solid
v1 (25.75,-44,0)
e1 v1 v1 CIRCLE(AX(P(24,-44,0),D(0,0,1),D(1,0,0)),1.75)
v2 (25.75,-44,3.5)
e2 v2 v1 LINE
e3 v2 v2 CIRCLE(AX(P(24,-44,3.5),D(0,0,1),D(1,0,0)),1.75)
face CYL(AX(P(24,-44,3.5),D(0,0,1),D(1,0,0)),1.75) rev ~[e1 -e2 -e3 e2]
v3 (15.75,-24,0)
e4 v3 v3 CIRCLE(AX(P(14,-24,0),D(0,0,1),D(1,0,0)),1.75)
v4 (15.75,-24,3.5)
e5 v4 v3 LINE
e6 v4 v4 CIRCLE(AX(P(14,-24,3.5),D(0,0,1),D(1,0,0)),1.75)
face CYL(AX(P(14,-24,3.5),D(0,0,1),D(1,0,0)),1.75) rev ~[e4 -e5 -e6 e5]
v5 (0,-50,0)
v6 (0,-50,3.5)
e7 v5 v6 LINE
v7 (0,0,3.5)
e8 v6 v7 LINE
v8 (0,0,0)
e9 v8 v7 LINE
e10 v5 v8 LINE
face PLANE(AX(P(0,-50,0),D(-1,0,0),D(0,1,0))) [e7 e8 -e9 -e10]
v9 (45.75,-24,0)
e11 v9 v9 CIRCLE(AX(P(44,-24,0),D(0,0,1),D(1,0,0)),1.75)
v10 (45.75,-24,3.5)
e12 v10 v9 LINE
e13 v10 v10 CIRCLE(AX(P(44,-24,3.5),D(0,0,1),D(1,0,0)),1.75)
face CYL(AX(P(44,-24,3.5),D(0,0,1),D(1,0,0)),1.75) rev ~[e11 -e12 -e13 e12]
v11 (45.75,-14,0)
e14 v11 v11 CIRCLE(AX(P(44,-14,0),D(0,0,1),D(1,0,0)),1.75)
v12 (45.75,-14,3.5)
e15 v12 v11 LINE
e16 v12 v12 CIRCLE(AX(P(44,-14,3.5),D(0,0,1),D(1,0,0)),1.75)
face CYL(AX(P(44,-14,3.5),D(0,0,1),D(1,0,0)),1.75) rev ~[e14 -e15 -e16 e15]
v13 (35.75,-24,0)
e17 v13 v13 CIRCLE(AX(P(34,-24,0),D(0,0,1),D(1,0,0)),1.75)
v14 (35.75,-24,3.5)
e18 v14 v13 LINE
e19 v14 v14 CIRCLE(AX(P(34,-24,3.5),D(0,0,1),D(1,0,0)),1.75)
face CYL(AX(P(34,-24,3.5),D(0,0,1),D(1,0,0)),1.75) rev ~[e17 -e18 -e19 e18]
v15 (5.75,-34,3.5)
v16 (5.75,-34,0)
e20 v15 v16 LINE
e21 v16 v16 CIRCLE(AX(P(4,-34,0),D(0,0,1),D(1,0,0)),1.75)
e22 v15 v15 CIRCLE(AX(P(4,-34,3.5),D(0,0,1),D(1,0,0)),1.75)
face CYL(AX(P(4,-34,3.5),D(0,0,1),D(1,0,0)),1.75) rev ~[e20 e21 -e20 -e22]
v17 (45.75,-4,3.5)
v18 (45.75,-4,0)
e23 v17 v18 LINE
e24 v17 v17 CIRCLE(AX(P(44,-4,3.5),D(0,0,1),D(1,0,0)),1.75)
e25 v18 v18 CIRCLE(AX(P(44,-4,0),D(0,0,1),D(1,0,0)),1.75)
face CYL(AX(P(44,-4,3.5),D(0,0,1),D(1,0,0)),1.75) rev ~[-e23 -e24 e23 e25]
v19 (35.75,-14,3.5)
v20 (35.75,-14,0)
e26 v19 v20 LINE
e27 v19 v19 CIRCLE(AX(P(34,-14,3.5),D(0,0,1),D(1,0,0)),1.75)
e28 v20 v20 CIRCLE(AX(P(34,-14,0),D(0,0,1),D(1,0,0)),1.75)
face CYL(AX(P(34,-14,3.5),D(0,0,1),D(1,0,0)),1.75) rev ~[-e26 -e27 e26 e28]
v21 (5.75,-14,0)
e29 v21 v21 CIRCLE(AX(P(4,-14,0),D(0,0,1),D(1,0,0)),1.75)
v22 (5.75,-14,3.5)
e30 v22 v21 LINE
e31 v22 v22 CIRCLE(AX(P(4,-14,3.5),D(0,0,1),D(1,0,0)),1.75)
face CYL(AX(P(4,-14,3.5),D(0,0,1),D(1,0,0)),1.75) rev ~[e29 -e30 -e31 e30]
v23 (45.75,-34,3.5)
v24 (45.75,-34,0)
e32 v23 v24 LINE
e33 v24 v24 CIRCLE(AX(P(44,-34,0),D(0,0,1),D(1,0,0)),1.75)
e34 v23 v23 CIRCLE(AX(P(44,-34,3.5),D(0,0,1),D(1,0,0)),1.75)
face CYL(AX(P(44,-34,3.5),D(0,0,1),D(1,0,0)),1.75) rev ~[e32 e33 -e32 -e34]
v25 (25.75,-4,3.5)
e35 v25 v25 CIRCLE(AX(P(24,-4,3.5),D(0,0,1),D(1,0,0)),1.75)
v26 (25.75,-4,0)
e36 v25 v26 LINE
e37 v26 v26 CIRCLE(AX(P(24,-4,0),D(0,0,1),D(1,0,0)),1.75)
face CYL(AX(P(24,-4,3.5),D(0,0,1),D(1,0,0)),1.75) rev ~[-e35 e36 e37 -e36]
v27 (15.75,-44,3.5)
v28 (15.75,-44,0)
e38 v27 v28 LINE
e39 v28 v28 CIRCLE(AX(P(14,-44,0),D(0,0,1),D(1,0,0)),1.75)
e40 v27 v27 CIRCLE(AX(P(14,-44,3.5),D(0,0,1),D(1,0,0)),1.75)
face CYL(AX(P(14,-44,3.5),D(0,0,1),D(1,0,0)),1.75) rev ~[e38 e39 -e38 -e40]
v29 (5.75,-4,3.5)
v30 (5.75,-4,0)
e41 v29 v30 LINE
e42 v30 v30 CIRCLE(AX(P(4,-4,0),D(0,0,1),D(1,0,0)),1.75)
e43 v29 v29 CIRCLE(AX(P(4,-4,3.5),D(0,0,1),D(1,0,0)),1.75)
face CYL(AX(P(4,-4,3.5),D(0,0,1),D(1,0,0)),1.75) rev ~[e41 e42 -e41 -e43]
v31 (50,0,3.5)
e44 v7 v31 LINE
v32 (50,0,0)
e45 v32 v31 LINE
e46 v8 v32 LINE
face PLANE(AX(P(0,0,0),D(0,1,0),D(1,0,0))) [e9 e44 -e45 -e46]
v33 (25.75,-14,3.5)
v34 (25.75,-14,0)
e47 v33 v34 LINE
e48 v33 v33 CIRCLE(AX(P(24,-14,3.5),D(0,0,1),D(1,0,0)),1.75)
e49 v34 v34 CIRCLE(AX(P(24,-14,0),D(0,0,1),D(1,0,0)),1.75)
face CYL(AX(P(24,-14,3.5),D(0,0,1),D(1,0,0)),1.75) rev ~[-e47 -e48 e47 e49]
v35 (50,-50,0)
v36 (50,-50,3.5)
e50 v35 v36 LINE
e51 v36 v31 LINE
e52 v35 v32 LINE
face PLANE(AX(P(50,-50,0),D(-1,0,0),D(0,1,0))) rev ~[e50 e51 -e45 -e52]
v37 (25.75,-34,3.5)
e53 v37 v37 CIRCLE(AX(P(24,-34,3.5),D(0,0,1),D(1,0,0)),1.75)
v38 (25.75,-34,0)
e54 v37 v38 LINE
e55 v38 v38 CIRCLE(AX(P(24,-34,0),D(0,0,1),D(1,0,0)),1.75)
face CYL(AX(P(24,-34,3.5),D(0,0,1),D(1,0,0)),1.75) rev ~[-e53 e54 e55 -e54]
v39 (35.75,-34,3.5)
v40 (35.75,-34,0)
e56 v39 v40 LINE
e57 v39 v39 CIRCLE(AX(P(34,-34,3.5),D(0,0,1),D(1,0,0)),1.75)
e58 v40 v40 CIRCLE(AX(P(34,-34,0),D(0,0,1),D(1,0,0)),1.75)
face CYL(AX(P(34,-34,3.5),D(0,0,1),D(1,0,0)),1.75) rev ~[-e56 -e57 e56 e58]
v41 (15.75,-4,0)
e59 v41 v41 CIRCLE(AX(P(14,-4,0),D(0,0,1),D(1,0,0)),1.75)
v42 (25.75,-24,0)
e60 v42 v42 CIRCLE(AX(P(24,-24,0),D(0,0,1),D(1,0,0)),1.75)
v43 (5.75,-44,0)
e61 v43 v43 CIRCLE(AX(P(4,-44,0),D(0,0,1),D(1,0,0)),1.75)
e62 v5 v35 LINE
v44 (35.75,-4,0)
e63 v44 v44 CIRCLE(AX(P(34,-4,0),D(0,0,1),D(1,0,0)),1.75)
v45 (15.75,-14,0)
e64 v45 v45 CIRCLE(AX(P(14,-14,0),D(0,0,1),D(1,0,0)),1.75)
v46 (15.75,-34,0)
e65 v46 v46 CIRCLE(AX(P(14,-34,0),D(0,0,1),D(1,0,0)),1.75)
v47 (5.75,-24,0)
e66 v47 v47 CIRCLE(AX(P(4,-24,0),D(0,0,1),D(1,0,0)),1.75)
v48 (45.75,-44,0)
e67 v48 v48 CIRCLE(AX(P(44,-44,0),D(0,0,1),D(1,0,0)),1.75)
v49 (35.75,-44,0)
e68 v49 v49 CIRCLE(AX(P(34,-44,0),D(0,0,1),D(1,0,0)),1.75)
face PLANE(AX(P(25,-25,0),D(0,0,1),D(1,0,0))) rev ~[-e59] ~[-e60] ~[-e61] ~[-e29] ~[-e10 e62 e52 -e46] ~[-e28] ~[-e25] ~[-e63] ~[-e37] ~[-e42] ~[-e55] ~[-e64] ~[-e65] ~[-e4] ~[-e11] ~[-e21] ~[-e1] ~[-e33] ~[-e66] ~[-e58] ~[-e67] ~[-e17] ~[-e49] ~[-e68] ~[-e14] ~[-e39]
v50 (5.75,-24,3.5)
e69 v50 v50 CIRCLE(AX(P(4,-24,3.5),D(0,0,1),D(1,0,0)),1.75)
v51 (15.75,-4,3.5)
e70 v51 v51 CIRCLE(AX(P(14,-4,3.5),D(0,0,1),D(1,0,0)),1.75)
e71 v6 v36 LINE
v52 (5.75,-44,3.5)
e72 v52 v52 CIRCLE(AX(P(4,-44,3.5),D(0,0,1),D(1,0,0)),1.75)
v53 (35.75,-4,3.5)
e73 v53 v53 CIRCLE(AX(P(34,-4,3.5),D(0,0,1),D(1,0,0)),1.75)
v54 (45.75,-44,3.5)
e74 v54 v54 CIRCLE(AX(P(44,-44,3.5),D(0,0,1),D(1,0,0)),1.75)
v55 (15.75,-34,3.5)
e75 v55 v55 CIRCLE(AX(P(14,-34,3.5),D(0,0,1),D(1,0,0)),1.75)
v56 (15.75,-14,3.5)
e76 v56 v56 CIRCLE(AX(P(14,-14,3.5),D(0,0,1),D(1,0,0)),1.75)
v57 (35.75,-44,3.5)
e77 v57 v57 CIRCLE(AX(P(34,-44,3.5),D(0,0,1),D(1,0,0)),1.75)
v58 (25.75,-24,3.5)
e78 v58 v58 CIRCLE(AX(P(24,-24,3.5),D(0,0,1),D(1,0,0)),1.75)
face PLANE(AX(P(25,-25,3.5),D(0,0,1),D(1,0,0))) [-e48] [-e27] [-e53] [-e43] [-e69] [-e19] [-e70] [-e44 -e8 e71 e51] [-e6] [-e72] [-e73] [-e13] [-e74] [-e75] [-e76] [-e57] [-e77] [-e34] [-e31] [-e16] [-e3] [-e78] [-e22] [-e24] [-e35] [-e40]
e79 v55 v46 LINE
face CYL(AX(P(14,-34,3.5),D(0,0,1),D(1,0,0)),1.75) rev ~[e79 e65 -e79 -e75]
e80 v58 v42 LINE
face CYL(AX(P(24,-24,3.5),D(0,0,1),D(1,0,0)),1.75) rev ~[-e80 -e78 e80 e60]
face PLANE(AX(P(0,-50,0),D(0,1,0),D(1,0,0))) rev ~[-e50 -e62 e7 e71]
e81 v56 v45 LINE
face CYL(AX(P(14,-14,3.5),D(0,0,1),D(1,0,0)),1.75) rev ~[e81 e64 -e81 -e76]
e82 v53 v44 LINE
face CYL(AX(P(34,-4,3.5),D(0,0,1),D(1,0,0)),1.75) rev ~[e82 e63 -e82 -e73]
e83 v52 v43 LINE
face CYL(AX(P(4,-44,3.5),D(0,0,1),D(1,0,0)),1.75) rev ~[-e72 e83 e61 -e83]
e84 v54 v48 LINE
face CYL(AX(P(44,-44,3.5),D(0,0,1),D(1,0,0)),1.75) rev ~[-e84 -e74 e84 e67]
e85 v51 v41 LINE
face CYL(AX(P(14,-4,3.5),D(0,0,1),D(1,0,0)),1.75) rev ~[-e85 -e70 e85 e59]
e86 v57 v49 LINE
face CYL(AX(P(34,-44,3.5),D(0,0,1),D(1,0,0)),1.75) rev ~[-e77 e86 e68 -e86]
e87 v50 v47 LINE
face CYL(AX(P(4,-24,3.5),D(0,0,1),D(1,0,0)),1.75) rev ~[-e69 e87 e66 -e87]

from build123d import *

# Parameters (mm, degrees)
F0_W     = 50
F0_H     = 50
F1_DEPTH = 3.5
F2_R     = 1.75
F3_DEPTH = 3.501


with BuildPart() as f1:
    # F0 (on Top) → F1 (new body)
    with BuildSketch(Plane.XY):
        with Locations((25, -25)):
            Rectangle(F0_W, F0_H)
    extrude(amount=F1_DEPTH)

    # F2 (on face) → F3 (cut, through all)
    with BuildSketch(Plane.XY.offset(3.5)):
        with Locations((4, -4)):
            Circle(F2_R)
        with Locations((14, -4)):
            Circle(F2_R)
        with Locations((24, -4)):
            Circle(F2_R)
        with Locations((34, -4)):
            Circle(F2_R)
        with Locations((44, -4)):
            Circle(F2_R)
        with Locations((44, -14)):
            Circle(F2_R)
        with Locations((34, -14)):
            Circle(F2_R)
        with Locations((24, -14)):
            Circle(F2_R)
        with Locations((14, -14)):
            Circle(F2_R)
        with Locations((4, -14)):
            Circle(F2_R)
        with Locations((4, -24)):
            Circle(F2_R)
        with Locations((14, -24)):
            Circle(F2_R)
        with Locations((24, -24)):
            Circle(F2_R)
        with Locations((34, -24)):
            Circle(F2_R)
        with Locations((44, -24)):
            Circle(F2_R)
        with Locations((4, -34)):
            Circle(F2_R)
        with Locations((14, -34)):
            Circle(F2_R)
        with Locations((24, -34)):
            Circle(F2_R)
        with Locations((34, -34)):
            Circle(F2_R)
        with Locations((44, -34)):
            Circle(F2_R)
        with Locations((4, -44)):
            Circle(F2_R)
        with Locations((14, -44)):
            Circle(F2_R)
        with Locations((24, -44)):
            Circle(F2_R)
        with Locations((34, -44)):
            Circle(F2_R)
        with Locations((44, -44)):
            Circle(F2_R)
    extrude(amount=-F3_DEPTH, mode=Mode.SUBTRACT)


solid = f1.part
